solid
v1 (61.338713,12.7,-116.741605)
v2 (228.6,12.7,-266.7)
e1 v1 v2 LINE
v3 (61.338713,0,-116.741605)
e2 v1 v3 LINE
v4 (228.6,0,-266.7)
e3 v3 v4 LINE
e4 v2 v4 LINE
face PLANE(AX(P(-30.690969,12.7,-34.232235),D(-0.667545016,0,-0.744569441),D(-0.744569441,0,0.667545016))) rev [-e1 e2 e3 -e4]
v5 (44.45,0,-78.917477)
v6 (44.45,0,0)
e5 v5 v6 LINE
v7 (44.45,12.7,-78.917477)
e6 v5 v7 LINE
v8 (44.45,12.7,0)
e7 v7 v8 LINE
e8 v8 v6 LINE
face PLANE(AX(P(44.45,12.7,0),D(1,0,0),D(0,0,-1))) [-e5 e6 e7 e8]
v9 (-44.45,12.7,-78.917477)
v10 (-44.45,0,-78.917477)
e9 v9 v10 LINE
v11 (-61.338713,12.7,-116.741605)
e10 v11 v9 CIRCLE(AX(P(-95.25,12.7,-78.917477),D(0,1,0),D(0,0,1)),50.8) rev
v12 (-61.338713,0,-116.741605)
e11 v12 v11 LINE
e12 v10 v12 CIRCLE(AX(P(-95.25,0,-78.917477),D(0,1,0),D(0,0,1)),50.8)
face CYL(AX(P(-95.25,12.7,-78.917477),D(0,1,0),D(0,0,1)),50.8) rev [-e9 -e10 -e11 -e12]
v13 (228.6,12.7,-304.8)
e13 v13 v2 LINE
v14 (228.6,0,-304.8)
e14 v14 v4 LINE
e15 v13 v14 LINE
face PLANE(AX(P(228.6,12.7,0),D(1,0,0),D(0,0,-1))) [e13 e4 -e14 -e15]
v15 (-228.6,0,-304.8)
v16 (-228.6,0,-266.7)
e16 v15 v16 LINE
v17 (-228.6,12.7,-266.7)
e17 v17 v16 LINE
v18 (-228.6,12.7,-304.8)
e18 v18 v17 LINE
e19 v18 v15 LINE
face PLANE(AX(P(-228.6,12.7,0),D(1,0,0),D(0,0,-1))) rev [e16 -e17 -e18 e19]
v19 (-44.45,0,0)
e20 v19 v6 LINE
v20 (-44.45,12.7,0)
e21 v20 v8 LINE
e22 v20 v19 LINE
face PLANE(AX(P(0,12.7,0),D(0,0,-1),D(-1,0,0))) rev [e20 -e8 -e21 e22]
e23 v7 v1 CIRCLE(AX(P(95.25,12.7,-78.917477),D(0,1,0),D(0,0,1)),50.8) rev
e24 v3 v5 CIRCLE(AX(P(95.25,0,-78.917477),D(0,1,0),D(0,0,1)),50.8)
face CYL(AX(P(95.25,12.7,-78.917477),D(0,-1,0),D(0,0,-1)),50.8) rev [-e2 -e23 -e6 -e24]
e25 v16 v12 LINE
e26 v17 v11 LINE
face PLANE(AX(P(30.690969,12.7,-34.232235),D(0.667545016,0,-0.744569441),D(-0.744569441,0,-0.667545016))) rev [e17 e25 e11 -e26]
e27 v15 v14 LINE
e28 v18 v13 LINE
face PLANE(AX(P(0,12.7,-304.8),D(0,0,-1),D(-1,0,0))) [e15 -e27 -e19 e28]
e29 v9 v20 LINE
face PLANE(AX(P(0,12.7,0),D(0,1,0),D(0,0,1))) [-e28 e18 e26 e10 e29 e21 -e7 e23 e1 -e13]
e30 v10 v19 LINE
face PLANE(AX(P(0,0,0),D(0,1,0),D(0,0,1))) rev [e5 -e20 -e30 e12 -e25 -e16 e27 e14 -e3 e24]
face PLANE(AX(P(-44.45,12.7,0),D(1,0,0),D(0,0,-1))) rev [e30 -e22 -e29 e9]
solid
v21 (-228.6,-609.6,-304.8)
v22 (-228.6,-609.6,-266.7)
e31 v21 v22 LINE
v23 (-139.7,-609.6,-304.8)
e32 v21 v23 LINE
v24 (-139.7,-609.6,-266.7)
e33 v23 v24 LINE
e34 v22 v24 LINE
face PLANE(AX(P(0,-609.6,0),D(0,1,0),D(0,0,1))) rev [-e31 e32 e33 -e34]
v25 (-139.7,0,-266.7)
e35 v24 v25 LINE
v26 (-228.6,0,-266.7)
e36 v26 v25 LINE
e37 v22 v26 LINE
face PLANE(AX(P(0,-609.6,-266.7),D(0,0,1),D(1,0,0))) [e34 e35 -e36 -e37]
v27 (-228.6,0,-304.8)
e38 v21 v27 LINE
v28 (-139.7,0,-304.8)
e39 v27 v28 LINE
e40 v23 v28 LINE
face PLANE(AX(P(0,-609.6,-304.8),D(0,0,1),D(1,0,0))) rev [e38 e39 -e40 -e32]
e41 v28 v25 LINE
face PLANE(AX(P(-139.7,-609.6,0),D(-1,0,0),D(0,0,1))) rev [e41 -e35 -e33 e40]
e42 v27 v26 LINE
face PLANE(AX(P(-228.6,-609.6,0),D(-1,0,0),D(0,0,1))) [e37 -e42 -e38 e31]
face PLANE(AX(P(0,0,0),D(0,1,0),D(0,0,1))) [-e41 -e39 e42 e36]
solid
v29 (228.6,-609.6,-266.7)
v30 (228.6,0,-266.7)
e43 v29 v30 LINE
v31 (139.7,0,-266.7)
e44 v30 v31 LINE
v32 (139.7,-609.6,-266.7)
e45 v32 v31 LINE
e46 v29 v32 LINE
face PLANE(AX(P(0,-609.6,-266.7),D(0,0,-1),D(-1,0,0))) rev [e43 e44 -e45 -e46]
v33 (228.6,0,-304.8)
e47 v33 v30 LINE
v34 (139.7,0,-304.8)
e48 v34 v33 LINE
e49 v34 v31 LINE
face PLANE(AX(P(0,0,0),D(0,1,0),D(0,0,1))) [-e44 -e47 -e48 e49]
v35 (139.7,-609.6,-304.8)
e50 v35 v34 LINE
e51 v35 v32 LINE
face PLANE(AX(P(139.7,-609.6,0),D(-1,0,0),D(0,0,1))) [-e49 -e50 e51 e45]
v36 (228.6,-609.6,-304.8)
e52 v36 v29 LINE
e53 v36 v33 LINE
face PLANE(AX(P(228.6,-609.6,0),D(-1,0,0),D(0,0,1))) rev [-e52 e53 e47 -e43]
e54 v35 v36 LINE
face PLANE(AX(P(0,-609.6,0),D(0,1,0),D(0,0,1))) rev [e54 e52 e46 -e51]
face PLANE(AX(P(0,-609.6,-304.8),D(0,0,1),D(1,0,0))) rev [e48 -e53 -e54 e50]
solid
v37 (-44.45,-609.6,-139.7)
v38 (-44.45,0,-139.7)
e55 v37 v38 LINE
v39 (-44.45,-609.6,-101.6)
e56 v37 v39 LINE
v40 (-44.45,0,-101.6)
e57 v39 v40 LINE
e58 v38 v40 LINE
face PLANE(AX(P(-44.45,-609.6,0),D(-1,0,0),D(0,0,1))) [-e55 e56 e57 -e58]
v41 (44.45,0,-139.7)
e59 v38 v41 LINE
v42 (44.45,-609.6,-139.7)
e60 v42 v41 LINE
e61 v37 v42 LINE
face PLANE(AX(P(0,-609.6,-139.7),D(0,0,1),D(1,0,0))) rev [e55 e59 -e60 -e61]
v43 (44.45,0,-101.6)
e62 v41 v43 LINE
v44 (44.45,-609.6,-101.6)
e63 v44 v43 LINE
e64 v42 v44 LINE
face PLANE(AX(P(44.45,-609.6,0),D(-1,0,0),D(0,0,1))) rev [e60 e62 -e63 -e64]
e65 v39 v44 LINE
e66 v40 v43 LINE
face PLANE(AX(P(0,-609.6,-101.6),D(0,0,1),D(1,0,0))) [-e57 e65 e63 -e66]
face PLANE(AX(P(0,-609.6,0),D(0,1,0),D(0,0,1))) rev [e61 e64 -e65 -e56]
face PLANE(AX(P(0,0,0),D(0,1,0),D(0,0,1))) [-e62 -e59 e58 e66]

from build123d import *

# Parameters (mm, degrees)
BOSS_EXTRUDE1_DEPTH   = 12.7
SKETCH1_3_W           = 88.9
SKETCH1_3_H           = 38.1
BOSS_EXTRUDE2_DEPTH   = 609.6
BOSS_EXTRUDE2_2_DEPTH = 609.6
BOSS_EXTRUDE2_3_DEPTH = 609.6
FILLET1_R             = 50.8


with BuildPart() as part:
    # Sketch1 → Boss-Extrude1 (new body)
    with BuildSketch(Plane(origin=(0, 0, 0), x_dir=(1, 0, 0), z_dir=(0, 1, 0))):
        Polygon((-228.6, 304.8), (-228.6, 266.7), (-44.45, 101.6), (-44.45, 0), (44.45, 0), (44.45, 101.6), (228.6, 266.7), (228.6, 304.8), align=None)
    extrude(amount=BOSS_EXTRUDE1_DEPTH)

    # Fillet1
    fillet1_edges = [part.edges().sort_by_distance(p)[0] for p in [
        (44.45, 6.35, -101.6),
        (-44.45, 6.35, -101.6),
    ]]
    fillet(fillet1_edges, radius=FILLET1_R)


with BuildPart() as body_2:
    # Sketch1<3> → Boss-Extrude2 (new body)
    with BuildSketch(Plane(origin=(0, 0, 0), x_dir=(1, 0, 0), z_dir=(0, 1, 0))):
        with Locations((-184.15, 285.75)):
            Rectangle(SKETCH1_3_W, SKETCH1_3_H)
    extrude(amount=-BOSS_EXTRUDE2_DEPTH)


with BuildPart() as body_3:
    # Sketch1<3> → Boss-Extrude2 2 (new body)
    with BuildSketch(Plane(origin=(0, 0, 0), x_dir=(1, 0, 0), z_dir=(0, 1, 0))):
        with Locations((184.15, 285.75)):
            Rectangle(SKETCH1_3_W, SKETCH1_3_H)
    extrude(amount=-BOSS_EXTRUDE2_2_DEPTH)


with BuildPart() as body_4:
    # Sketch1<3> → Boss-Extrude2 3 (new body)
    with BuildSketch(Plane(origin=(0, 0, 0), x_dir=(1, 0, 0), z_dir=(0, 1, 0))):
        with Locations((0, 120.65)):
            Rectangle(SKETCH1_3_W, SKETCH1_3_H)
    extrude(amount=-BOSS_EXTRUDE2_3_DEPTH)


solid = Compound([part.part, body_2.part, body_3.part, body_4.part])
